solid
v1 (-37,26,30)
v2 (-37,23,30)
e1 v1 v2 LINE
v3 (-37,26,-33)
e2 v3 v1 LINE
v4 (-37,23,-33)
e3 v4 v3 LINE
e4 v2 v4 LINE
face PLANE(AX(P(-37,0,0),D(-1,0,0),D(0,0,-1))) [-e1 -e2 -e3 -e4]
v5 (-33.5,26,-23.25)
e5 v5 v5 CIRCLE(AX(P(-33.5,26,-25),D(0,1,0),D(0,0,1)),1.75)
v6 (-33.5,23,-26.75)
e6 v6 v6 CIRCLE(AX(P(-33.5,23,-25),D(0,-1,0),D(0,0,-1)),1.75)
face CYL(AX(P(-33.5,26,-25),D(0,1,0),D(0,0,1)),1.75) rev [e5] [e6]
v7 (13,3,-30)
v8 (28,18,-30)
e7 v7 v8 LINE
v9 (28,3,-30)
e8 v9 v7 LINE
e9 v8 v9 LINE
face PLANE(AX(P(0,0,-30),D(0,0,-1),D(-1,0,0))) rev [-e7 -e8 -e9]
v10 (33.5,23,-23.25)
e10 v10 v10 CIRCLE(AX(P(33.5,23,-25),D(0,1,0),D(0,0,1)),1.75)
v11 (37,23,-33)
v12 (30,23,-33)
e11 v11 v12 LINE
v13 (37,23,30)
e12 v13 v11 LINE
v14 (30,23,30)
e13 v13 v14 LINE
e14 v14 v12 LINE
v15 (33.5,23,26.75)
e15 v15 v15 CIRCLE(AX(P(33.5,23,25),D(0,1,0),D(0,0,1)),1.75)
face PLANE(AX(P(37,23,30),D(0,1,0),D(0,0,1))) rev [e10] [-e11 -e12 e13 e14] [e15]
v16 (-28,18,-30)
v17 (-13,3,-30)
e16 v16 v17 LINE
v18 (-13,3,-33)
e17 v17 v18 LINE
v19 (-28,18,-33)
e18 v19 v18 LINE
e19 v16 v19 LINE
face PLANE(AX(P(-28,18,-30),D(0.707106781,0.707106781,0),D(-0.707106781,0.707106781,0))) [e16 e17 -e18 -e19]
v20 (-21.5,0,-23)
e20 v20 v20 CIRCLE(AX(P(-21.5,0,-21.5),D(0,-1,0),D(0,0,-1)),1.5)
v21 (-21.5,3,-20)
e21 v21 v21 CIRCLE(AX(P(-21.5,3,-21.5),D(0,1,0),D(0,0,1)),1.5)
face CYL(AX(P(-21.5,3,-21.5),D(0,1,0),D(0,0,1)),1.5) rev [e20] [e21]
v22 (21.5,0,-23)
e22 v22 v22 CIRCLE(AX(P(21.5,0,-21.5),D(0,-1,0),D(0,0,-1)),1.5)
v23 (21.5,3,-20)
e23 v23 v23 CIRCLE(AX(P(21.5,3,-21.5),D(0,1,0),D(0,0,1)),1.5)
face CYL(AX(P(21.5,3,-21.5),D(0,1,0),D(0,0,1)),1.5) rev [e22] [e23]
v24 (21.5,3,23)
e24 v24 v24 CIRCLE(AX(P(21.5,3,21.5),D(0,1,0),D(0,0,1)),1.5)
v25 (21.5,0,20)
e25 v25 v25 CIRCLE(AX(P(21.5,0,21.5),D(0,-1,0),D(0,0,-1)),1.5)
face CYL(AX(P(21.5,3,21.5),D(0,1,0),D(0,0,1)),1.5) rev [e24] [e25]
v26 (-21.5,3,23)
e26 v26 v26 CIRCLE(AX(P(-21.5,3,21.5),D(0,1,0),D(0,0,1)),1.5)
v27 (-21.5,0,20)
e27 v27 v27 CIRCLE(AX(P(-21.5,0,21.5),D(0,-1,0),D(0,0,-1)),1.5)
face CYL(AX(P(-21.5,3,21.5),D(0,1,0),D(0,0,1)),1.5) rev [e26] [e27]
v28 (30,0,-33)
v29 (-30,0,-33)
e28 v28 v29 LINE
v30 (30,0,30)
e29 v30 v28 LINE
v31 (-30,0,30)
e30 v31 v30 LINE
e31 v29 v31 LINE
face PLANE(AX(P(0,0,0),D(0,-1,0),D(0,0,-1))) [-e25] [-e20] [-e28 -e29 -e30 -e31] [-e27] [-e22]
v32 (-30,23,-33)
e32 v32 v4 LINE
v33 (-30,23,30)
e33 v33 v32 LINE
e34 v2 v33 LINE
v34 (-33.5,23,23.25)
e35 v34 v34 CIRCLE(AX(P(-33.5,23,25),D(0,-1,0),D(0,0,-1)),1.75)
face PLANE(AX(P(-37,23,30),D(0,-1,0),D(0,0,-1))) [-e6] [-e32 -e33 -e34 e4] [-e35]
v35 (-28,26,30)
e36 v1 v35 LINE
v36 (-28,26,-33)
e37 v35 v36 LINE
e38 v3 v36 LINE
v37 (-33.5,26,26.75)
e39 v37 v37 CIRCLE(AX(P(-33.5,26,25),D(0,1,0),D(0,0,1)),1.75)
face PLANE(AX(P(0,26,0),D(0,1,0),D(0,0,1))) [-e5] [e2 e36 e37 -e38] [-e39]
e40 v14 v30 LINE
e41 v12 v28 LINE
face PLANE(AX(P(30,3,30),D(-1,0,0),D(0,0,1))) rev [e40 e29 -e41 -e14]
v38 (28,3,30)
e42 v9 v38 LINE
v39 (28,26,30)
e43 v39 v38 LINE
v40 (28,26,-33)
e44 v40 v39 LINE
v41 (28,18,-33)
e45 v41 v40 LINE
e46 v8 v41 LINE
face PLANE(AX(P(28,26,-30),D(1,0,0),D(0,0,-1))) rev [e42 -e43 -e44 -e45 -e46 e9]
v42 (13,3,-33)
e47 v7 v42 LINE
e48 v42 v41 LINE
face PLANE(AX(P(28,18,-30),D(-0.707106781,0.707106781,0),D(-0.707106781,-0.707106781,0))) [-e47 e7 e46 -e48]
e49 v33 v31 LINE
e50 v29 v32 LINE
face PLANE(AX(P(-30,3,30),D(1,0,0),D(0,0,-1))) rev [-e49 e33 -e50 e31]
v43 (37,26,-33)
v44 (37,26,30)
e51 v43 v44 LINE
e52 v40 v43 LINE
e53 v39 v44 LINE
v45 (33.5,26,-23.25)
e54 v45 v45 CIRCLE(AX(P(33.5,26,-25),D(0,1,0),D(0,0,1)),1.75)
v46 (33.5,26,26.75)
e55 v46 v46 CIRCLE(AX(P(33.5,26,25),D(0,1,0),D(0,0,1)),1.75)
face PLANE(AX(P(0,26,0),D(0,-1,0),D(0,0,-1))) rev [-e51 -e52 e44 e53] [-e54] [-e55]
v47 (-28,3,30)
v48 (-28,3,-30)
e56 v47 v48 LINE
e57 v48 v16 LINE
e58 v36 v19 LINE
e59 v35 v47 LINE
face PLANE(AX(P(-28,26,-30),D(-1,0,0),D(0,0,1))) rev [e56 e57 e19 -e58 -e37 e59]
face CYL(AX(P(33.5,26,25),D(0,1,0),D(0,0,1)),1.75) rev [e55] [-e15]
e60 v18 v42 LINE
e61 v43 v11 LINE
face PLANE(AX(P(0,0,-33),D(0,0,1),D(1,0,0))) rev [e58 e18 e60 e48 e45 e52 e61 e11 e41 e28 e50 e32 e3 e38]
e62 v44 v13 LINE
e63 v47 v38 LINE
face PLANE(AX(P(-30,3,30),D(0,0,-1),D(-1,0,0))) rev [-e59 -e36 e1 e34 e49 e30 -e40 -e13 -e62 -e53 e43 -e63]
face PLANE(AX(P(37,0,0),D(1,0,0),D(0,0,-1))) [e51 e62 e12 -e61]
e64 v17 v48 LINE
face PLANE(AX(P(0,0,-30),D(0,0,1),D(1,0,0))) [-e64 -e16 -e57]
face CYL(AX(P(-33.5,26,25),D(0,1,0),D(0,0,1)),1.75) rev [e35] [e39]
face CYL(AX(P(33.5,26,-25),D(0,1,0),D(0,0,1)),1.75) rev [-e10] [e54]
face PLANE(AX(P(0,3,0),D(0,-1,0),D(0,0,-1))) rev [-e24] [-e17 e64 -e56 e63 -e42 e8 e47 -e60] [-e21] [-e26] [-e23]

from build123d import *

# Parameters (mm, degrees)
SKETCH_1_W      = 60
SKETCH_1_H      = 60
EXTRUDE_1_DEPTH = 3
HOLE_WIZARD_1_D = 3
SKETCH_5_W      = 2
SKETCH_5_H      = 60
EXTRUDE_2_DEPTH = 23
SKETCH_6_W      = 60
SKETCH_6_H      = 3
EXTRUDE_3_DEPTH = 7
HOLE_WIZARD_2_D = 3.5
EXTRUDE_4_DEPTH = 3
EXTRUDE_5_DEPTH = 3


with BuildPart() as part:
    # 草图1 → 凸台-拉伸1 (new body)
    with BuildSketch(Plane(origin=(0, 0, 0), x_dir=(1, 0, 0), z_dir=(0, 1, 0))):
        Rectangle(SKETCH_1_W, SKETCH_1_H)
    extrude(amount=EXTRUDE_1_DEPTH)

    # 孔1 (through all)
    with Locations(Plane(origin=(0, 3, 0), x_dir=(1, 0, 0), z_dir=(0, 1, 0))):
        with Locations((-21.5, 21.5), (21.5, 21.5), (-21.5, -21.5), (21.5, -21.5)):
            Hole(HOLE_WIZARD_1_D / 2)

    # 草图5 → 凸台-拉伸2 (add)
    with BuildSketch(Plane(origin=(0, 3, 0), x_dir=(1, 0, 0), z_dir=(0, 1, 0))):
        with Locations((29, 0)):
            Rectangle(SKETCH_5_W, SKETCH_5_H)
        with Locations((-29, 0)):
            Rectangle(SKETCH_5_W, SKETCH_5_H)
    extrude(amount=EXTRUDE_2_DEPTH)

    # 草图6 → 凸台-拉伸3 (add)
    with BuildSketch(Plane(origin=(30, 0, 0), x_dir=(0, 0, -1), z_dir=(1, 0, 0))):
        with Locations((0, 24.5)):
            Rectangle(SKETCH_6_W, SKETCH_6_H)
    extrude_3 = extrude(amount=EXTRUDE_3_DEPTH)

    # 孔2 (through all)
    with Locations(Plane(origin=(0, 26, 0), x_dir=(1, 0, 0), z_dir=(0, 1, 0))):
        with Locations((33.5, 25), (33.5, -25)):
            hole_wizard_2 = Hole(HOLE_WIZARD_2_D / 2)

    # 镜向1: 凸台-拉伸3, 孔2 across plane
    add(extrude_3.mirror(Plane.ZY))
    add(hole_wizard_2.mirror(Plane.ZY), mode=Mode.SUBTRACT)

    # 草图11 → 凸台-拉伸4 (add)
    with BuildSketch(Plane(origin=(0, 0, -30), x_dir=(-1, 0, 0), z_dir=(0, 0, -1))):
        Polygon((-37, 26), (-28, 26), (-28, 3), (28, 3), (28, 26), (37, 26), (37, 23), (30, 23), (30, 0), (-30, 0), (-30, 23), (-37, 23), align=None)
    extrude(amount=EXTRUDE_4_DEPTH)

    # 草图12 → 凸台-拉伸5 (add)
    with BuildSketch(Plane(origin=(0, 0, -33), x_dir=(-1, 0, 0), z_dir=(0, 0, -1))):
        Polygon((-28, 18), (-13, 3), (-28, 3), align=None)
        Polygon((28, 18), (13, 3), (28, 3), align=None)
    extrude(amount=-EXTRUDE_5_DEPTH)


solid = part.part
